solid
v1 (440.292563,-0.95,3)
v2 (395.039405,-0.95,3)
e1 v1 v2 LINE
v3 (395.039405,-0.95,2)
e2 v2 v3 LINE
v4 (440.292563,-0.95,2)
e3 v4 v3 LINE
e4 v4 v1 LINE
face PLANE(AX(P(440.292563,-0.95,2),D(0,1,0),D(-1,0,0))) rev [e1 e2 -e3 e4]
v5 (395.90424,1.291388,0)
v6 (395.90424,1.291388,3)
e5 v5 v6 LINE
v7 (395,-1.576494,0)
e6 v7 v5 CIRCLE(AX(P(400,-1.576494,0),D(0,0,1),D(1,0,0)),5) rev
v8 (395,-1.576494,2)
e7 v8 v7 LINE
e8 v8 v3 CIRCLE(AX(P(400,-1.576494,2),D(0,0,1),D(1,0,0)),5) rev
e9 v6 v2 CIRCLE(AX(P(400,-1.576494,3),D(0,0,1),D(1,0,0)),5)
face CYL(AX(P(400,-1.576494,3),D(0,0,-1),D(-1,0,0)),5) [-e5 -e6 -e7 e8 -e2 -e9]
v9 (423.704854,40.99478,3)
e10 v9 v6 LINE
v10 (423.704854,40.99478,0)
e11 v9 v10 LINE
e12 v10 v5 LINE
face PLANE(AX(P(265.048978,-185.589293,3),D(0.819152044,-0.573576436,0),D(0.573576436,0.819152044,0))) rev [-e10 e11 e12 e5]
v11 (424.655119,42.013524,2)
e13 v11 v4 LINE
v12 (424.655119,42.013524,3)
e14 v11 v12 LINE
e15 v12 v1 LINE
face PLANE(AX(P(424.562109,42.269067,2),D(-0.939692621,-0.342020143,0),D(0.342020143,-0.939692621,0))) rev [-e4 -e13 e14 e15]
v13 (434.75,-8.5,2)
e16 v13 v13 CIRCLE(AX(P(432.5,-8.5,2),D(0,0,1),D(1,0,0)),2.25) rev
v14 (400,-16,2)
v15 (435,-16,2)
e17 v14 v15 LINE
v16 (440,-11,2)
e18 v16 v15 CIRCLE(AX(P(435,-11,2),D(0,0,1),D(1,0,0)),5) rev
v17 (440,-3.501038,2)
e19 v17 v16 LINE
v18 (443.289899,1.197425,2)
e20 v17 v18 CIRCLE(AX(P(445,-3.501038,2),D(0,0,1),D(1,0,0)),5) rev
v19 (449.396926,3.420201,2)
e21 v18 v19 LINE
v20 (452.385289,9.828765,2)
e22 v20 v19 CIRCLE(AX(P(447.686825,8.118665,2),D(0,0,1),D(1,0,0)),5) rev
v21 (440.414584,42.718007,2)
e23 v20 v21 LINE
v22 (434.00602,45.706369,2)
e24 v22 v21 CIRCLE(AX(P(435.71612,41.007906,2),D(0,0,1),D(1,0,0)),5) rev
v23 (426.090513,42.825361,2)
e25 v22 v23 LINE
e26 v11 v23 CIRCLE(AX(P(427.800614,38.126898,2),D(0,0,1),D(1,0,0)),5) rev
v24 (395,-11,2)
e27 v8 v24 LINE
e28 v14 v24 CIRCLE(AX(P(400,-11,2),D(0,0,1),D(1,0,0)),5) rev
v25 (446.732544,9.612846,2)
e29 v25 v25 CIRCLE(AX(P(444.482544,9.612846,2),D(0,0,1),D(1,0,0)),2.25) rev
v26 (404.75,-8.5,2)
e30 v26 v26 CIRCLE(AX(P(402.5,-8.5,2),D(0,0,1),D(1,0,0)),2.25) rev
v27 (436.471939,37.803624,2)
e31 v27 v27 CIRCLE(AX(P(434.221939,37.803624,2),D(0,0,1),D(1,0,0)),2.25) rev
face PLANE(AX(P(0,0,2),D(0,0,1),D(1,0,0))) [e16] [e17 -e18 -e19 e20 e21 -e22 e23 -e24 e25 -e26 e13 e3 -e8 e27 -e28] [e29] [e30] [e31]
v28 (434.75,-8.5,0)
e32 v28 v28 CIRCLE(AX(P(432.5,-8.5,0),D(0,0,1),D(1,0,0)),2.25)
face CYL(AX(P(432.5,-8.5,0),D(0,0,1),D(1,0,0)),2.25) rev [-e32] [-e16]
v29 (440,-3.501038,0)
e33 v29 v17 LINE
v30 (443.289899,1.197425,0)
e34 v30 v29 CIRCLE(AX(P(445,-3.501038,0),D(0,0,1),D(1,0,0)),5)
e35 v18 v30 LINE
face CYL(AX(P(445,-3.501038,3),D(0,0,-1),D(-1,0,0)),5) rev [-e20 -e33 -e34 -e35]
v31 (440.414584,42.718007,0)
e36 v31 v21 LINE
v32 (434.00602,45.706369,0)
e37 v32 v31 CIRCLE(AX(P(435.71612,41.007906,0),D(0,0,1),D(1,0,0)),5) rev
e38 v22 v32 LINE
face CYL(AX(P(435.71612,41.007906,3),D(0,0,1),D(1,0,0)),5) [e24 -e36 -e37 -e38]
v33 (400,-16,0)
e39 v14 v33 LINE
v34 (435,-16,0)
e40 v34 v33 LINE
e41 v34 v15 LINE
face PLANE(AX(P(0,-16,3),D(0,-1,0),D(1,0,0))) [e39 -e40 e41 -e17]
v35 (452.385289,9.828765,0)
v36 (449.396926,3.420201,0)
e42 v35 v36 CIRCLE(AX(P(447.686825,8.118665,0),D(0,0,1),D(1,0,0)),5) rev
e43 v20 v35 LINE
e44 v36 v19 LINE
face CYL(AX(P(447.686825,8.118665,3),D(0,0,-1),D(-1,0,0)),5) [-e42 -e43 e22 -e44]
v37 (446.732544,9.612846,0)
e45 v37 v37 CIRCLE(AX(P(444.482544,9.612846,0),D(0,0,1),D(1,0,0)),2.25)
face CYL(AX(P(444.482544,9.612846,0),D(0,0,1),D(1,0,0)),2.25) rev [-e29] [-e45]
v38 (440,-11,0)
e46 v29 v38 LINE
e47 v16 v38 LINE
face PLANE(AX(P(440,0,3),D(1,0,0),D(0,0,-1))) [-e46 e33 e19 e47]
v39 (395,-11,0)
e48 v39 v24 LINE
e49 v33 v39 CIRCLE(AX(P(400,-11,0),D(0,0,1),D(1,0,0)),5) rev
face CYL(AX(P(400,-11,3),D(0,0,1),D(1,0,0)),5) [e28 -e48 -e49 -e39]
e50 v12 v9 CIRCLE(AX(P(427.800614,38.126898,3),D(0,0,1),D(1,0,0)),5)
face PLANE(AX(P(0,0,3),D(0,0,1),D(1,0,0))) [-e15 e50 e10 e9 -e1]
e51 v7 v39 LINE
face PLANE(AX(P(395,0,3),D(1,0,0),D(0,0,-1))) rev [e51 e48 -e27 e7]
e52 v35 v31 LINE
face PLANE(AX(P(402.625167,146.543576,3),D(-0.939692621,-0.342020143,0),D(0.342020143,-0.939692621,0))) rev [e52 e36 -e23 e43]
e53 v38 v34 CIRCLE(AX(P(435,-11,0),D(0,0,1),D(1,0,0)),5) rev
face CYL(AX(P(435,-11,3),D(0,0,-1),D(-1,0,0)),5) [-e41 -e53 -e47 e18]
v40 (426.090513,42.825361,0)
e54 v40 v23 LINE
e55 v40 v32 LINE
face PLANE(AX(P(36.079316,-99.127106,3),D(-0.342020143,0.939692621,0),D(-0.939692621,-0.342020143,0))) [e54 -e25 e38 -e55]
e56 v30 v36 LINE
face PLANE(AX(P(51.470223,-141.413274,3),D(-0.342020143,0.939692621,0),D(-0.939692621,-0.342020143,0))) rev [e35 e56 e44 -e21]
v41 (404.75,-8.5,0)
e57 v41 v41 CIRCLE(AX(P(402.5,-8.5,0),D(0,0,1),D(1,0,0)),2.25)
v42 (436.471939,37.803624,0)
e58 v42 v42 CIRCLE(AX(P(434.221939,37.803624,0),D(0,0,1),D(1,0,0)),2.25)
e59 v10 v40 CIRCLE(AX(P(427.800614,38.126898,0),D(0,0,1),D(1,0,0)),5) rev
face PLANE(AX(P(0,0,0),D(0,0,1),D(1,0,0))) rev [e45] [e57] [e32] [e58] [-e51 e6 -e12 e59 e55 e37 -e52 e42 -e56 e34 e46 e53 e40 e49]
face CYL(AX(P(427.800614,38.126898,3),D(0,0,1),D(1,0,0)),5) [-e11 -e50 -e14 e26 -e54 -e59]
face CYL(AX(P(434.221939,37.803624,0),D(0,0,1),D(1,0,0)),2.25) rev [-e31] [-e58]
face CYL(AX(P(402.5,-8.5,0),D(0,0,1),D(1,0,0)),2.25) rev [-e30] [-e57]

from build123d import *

# Parameters (mm, degrees)
EXTRUDE_1_DEPTH     = 3
SKETCH_2_R          = 2.25
CUT_EXTRUDE_1_DEPTH = 3
FILLET_1_R          = 5
CUT_EXTRUDE_2_DEPTH = 1


with BuildPart() as part:
    # ｽｹｯﾁ1 → ﾎﾞｽ - 押し出し1 (new body)
    with BuildSketch(Plane.XY):
        Polygon((440, 0), (440, -16), (395, -16), (395, 0), (424.60909355, 42.286167935), (438.704482862, 47.416470085), (454.095389312, 5.13030215), align=None)
    extrude(amount=EXTRUDE_1_DEPTH)

    # ｽｹｯﾁ2 → ｶｯﾄ - 押し出し1 (cut)
    with BuildSketch(Plane.XY.offset(3)):
        with Locations((402.5, -8.5)):
            Circle(SKETCH_2_R)
        with Locations((432.5, -8.5)):
            Circle(SKETCH_2_R)
        with Locations((434.221939281, 37.803624354)):
            Circle(SKETCH_2_R)
        with Locations((444.482543581, 9.612845731)):
            Circle(SKETCH_2_R)
    extrude(amount=-CUT_EXTRUDE_1_DEPTH, mode=Mode.SUBTRACT)

    # ﾌｨﾚｯﾄ1
    fillet_1_edges = [part.edges().sort_by_distance(p)[0] for p in [
        (395, -16, 1.5),
        (395, 0, 1.5),
        (424.60909355, 42.286167935, 1.5),
        (438.704482862, 47.416470085, 1.5),
        (454.095389312, 5.13030215, 1.5),
        (440, 0, 1.5),
        (440, -16, 1.5),
    ]]
    fillet(fillet_1_edges, radius=FILLET_1_R)

    # ｽｹｯﾁ4 → ｶｯﾄ - 押し出し2 (cut)
    with BuildSketch(Plane.XY.offset(3)):
        Polygon((438.704482862, 47.416470085), (455.121449742, 2.311224288), (443, -2.100622615), (443, -16), (395, -16), (395, -0.95), (440.292562834, -0.95), (424.562108919, 42.269066928), align=None)
    extrude(amount=-CUT_EXTRUDE_2_DEPTH, mode=Mode.SUBTRACT)


solid = part.part
